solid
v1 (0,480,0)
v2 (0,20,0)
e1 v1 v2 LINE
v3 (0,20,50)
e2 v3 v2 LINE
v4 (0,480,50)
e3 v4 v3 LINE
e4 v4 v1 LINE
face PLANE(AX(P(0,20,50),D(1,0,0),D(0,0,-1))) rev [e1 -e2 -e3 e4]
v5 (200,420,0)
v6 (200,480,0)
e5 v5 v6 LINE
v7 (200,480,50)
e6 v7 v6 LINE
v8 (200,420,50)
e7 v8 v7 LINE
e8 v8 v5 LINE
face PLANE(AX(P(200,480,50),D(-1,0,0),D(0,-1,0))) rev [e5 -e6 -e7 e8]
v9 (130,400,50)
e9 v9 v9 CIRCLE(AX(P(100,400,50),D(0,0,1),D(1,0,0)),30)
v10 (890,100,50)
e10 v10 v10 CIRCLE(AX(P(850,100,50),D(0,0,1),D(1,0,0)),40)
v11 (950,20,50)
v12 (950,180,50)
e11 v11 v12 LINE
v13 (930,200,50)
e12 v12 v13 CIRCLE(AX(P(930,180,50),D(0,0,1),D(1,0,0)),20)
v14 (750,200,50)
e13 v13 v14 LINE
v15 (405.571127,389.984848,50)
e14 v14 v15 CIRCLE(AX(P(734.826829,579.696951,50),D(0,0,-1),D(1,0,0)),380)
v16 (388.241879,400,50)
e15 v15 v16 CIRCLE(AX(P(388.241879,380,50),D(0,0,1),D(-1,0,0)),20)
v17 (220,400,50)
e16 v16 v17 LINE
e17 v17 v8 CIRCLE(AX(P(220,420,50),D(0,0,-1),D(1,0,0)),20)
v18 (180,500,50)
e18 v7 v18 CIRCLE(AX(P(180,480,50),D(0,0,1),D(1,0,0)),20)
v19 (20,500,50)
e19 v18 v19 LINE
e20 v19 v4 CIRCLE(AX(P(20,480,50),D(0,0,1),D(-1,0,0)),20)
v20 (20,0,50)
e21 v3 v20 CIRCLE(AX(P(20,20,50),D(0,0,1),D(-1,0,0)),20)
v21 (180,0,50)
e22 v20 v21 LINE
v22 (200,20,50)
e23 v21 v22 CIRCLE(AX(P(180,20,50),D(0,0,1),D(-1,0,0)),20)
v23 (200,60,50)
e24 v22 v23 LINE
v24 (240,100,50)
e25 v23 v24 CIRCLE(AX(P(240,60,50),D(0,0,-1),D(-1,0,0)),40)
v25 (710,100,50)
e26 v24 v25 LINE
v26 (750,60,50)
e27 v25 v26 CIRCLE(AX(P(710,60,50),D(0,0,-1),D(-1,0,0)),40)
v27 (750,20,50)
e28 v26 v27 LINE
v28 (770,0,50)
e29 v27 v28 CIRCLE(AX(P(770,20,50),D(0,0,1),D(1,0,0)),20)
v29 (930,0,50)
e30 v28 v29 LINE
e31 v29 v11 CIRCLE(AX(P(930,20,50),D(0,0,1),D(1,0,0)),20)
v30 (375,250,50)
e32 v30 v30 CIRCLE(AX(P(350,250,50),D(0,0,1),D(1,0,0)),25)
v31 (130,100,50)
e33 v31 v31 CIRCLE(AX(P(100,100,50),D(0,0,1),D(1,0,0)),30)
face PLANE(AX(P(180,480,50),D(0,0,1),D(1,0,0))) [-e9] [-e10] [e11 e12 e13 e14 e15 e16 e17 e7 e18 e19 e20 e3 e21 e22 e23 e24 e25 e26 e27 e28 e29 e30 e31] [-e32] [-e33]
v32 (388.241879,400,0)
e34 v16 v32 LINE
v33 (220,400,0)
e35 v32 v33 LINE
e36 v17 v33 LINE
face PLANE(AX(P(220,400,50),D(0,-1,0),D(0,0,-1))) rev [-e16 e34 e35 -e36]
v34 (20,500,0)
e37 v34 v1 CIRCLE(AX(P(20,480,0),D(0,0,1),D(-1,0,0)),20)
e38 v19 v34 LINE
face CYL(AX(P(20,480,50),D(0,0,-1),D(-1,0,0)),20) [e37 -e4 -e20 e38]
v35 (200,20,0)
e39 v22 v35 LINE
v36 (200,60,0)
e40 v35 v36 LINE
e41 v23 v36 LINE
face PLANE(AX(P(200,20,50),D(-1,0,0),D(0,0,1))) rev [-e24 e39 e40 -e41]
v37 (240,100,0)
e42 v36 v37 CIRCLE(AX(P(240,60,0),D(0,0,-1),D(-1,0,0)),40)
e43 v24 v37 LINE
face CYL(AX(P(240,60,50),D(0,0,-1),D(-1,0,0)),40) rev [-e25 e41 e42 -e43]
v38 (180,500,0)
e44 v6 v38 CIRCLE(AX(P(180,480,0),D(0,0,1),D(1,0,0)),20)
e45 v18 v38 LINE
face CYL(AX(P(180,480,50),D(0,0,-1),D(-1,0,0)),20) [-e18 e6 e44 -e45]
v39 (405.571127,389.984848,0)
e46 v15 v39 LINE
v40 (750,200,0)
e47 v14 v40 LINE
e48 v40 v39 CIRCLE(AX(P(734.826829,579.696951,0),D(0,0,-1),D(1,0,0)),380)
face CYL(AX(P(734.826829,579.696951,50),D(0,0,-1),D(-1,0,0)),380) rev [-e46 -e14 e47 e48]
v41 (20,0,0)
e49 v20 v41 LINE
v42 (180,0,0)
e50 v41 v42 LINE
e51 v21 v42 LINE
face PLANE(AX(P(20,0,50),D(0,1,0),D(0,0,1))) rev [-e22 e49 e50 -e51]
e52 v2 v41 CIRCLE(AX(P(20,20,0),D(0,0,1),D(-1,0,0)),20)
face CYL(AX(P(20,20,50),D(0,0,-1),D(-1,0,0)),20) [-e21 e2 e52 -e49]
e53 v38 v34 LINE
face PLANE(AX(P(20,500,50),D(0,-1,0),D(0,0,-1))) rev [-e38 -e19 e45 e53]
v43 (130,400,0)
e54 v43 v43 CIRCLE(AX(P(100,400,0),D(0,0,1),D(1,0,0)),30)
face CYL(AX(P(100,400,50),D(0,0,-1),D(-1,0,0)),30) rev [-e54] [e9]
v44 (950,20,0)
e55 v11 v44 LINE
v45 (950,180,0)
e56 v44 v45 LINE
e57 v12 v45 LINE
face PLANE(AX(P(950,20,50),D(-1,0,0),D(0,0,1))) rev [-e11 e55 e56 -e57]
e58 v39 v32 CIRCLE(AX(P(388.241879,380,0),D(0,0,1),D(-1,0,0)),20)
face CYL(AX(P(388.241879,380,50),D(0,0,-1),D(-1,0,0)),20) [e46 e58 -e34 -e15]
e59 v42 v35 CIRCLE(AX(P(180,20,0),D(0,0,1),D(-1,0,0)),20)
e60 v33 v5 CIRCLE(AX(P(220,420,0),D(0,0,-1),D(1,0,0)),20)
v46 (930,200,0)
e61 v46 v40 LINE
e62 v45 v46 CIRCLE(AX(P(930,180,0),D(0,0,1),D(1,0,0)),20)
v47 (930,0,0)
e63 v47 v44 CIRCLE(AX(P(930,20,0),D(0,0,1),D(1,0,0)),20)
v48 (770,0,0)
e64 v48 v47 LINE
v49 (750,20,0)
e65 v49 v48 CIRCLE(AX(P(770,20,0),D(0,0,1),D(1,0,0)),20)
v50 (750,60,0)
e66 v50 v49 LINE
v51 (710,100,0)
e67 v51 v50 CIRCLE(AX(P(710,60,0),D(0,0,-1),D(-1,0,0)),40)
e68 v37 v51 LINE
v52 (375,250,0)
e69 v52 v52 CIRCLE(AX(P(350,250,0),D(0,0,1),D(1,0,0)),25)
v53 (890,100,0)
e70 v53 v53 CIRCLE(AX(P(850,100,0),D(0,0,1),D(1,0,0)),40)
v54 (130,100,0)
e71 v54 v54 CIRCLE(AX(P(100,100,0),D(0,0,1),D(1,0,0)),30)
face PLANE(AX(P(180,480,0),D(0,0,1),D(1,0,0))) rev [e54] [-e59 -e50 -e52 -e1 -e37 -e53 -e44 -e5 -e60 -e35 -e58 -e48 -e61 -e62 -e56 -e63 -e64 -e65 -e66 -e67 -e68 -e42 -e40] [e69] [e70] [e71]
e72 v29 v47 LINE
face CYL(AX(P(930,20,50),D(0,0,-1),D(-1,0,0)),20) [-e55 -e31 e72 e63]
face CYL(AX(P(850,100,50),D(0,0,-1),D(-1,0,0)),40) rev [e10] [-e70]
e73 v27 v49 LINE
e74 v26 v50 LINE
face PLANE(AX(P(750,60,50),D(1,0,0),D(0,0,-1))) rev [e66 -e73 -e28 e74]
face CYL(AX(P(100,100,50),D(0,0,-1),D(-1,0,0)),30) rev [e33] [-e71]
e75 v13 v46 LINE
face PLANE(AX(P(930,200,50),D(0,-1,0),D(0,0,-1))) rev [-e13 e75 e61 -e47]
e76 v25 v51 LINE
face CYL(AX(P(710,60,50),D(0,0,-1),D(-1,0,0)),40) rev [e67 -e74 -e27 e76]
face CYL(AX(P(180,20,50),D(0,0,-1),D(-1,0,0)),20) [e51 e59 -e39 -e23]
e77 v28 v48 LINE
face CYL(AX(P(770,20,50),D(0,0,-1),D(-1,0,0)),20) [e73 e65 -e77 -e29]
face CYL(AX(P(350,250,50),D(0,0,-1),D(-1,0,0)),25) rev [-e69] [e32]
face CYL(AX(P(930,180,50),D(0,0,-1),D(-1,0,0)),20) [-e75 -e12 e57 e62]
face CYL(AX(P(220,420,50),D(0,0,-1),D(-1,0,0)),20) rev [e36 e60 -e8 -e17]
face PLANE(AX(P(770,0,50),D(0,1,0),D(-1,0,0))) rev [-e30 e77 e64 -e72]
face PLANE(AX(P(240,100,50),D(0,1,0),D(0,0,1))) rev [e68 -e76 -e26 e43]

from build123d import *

# Parameters (mm, degrees)
IZIM1_R                     = 30
IZIM1_R_2                   = 25
IZIM1_R_3                   = 40
Y_KSEKLIK_EKSTR_ZYON1_DEPTH = 50


with BuildPart() as part:
    # Çizim1 → Yükseklik-Ekstrüzyon1 (new body)
    with BuildSketch(Plane.XY):
        with BuildLine():
            Line((200, 20), (200, 60))
            ThreePointArc((200, 60), (211.715728753, 88.284271247), (240, 100))
            Line((240, 100), (710, 100))
            ThreePointArc((710, 100), (738.284271247, 88.284271247), (750, 60))
            Line((750, 60), (750, 20))
            ThreePointArc((750, 20), (755.857864376, 5.857864376), (770, 0))
            Line((770, 0), (930, 0))
            ThreePointArc((930, 0), (944.142135624, 5.857864376), (950, 20))
            Line((950, 20), (950, 180))
            ThreePointArc((950, 180), (944.142135624, 194.142135624), (930, 200))
            Line((930, 200), (750, 200))
            ThreePointArc((750, 200), (551.290675458, 246.959096298), (405.571126809, 389.984847569))
            ThreePointArc((405.571126809, 389.984847569), (398.249452654, 397.316133393), (388.241879306, 400))
            Line((388.241879306, 400), (220, 400))
            ThreePointArc((220, 400), (205.857864376, 405.857864376), (200, 420))
            Line((200, 420), (200, 480))
            ThreePointArc((200, 480), (194.142135624, 494.142135624), (180, 500))
            Line((180, 500), (20, 500))
            ThreePointArc((20, 500), (5.857864376, 494.142135624), (0, 480))
            Line((0, 480), (0, 20))
            ThreePointArc((0, 20), (5.857864376, 5.857864376), (20, 0))
            Line((20, 0), (180, 0))
            ThreePointArc((180, 0), (194.142135624, 5.857864376), (200, 20))
        make_face()
        with Locations((100, 400)):
            Circle(IZIM1_R, mode=Mode.SUBTRACT)
        with Locations((100, 100)):
            Circle(IZIM1_R, mode=Mode.SUBTRACT)
        with Locations((350, 250)):
            Circle(IZIM1_R_2, mode=Mode.SUBTRACT)
        with Locations((850, 100)):
            Circle(IZIM1_R_3, mode=Mode.SUBTRACT)
    extrude(amount=Y_KSEKLIK_EKSTR_ZYON1_DEPTH)


solid = part.part
